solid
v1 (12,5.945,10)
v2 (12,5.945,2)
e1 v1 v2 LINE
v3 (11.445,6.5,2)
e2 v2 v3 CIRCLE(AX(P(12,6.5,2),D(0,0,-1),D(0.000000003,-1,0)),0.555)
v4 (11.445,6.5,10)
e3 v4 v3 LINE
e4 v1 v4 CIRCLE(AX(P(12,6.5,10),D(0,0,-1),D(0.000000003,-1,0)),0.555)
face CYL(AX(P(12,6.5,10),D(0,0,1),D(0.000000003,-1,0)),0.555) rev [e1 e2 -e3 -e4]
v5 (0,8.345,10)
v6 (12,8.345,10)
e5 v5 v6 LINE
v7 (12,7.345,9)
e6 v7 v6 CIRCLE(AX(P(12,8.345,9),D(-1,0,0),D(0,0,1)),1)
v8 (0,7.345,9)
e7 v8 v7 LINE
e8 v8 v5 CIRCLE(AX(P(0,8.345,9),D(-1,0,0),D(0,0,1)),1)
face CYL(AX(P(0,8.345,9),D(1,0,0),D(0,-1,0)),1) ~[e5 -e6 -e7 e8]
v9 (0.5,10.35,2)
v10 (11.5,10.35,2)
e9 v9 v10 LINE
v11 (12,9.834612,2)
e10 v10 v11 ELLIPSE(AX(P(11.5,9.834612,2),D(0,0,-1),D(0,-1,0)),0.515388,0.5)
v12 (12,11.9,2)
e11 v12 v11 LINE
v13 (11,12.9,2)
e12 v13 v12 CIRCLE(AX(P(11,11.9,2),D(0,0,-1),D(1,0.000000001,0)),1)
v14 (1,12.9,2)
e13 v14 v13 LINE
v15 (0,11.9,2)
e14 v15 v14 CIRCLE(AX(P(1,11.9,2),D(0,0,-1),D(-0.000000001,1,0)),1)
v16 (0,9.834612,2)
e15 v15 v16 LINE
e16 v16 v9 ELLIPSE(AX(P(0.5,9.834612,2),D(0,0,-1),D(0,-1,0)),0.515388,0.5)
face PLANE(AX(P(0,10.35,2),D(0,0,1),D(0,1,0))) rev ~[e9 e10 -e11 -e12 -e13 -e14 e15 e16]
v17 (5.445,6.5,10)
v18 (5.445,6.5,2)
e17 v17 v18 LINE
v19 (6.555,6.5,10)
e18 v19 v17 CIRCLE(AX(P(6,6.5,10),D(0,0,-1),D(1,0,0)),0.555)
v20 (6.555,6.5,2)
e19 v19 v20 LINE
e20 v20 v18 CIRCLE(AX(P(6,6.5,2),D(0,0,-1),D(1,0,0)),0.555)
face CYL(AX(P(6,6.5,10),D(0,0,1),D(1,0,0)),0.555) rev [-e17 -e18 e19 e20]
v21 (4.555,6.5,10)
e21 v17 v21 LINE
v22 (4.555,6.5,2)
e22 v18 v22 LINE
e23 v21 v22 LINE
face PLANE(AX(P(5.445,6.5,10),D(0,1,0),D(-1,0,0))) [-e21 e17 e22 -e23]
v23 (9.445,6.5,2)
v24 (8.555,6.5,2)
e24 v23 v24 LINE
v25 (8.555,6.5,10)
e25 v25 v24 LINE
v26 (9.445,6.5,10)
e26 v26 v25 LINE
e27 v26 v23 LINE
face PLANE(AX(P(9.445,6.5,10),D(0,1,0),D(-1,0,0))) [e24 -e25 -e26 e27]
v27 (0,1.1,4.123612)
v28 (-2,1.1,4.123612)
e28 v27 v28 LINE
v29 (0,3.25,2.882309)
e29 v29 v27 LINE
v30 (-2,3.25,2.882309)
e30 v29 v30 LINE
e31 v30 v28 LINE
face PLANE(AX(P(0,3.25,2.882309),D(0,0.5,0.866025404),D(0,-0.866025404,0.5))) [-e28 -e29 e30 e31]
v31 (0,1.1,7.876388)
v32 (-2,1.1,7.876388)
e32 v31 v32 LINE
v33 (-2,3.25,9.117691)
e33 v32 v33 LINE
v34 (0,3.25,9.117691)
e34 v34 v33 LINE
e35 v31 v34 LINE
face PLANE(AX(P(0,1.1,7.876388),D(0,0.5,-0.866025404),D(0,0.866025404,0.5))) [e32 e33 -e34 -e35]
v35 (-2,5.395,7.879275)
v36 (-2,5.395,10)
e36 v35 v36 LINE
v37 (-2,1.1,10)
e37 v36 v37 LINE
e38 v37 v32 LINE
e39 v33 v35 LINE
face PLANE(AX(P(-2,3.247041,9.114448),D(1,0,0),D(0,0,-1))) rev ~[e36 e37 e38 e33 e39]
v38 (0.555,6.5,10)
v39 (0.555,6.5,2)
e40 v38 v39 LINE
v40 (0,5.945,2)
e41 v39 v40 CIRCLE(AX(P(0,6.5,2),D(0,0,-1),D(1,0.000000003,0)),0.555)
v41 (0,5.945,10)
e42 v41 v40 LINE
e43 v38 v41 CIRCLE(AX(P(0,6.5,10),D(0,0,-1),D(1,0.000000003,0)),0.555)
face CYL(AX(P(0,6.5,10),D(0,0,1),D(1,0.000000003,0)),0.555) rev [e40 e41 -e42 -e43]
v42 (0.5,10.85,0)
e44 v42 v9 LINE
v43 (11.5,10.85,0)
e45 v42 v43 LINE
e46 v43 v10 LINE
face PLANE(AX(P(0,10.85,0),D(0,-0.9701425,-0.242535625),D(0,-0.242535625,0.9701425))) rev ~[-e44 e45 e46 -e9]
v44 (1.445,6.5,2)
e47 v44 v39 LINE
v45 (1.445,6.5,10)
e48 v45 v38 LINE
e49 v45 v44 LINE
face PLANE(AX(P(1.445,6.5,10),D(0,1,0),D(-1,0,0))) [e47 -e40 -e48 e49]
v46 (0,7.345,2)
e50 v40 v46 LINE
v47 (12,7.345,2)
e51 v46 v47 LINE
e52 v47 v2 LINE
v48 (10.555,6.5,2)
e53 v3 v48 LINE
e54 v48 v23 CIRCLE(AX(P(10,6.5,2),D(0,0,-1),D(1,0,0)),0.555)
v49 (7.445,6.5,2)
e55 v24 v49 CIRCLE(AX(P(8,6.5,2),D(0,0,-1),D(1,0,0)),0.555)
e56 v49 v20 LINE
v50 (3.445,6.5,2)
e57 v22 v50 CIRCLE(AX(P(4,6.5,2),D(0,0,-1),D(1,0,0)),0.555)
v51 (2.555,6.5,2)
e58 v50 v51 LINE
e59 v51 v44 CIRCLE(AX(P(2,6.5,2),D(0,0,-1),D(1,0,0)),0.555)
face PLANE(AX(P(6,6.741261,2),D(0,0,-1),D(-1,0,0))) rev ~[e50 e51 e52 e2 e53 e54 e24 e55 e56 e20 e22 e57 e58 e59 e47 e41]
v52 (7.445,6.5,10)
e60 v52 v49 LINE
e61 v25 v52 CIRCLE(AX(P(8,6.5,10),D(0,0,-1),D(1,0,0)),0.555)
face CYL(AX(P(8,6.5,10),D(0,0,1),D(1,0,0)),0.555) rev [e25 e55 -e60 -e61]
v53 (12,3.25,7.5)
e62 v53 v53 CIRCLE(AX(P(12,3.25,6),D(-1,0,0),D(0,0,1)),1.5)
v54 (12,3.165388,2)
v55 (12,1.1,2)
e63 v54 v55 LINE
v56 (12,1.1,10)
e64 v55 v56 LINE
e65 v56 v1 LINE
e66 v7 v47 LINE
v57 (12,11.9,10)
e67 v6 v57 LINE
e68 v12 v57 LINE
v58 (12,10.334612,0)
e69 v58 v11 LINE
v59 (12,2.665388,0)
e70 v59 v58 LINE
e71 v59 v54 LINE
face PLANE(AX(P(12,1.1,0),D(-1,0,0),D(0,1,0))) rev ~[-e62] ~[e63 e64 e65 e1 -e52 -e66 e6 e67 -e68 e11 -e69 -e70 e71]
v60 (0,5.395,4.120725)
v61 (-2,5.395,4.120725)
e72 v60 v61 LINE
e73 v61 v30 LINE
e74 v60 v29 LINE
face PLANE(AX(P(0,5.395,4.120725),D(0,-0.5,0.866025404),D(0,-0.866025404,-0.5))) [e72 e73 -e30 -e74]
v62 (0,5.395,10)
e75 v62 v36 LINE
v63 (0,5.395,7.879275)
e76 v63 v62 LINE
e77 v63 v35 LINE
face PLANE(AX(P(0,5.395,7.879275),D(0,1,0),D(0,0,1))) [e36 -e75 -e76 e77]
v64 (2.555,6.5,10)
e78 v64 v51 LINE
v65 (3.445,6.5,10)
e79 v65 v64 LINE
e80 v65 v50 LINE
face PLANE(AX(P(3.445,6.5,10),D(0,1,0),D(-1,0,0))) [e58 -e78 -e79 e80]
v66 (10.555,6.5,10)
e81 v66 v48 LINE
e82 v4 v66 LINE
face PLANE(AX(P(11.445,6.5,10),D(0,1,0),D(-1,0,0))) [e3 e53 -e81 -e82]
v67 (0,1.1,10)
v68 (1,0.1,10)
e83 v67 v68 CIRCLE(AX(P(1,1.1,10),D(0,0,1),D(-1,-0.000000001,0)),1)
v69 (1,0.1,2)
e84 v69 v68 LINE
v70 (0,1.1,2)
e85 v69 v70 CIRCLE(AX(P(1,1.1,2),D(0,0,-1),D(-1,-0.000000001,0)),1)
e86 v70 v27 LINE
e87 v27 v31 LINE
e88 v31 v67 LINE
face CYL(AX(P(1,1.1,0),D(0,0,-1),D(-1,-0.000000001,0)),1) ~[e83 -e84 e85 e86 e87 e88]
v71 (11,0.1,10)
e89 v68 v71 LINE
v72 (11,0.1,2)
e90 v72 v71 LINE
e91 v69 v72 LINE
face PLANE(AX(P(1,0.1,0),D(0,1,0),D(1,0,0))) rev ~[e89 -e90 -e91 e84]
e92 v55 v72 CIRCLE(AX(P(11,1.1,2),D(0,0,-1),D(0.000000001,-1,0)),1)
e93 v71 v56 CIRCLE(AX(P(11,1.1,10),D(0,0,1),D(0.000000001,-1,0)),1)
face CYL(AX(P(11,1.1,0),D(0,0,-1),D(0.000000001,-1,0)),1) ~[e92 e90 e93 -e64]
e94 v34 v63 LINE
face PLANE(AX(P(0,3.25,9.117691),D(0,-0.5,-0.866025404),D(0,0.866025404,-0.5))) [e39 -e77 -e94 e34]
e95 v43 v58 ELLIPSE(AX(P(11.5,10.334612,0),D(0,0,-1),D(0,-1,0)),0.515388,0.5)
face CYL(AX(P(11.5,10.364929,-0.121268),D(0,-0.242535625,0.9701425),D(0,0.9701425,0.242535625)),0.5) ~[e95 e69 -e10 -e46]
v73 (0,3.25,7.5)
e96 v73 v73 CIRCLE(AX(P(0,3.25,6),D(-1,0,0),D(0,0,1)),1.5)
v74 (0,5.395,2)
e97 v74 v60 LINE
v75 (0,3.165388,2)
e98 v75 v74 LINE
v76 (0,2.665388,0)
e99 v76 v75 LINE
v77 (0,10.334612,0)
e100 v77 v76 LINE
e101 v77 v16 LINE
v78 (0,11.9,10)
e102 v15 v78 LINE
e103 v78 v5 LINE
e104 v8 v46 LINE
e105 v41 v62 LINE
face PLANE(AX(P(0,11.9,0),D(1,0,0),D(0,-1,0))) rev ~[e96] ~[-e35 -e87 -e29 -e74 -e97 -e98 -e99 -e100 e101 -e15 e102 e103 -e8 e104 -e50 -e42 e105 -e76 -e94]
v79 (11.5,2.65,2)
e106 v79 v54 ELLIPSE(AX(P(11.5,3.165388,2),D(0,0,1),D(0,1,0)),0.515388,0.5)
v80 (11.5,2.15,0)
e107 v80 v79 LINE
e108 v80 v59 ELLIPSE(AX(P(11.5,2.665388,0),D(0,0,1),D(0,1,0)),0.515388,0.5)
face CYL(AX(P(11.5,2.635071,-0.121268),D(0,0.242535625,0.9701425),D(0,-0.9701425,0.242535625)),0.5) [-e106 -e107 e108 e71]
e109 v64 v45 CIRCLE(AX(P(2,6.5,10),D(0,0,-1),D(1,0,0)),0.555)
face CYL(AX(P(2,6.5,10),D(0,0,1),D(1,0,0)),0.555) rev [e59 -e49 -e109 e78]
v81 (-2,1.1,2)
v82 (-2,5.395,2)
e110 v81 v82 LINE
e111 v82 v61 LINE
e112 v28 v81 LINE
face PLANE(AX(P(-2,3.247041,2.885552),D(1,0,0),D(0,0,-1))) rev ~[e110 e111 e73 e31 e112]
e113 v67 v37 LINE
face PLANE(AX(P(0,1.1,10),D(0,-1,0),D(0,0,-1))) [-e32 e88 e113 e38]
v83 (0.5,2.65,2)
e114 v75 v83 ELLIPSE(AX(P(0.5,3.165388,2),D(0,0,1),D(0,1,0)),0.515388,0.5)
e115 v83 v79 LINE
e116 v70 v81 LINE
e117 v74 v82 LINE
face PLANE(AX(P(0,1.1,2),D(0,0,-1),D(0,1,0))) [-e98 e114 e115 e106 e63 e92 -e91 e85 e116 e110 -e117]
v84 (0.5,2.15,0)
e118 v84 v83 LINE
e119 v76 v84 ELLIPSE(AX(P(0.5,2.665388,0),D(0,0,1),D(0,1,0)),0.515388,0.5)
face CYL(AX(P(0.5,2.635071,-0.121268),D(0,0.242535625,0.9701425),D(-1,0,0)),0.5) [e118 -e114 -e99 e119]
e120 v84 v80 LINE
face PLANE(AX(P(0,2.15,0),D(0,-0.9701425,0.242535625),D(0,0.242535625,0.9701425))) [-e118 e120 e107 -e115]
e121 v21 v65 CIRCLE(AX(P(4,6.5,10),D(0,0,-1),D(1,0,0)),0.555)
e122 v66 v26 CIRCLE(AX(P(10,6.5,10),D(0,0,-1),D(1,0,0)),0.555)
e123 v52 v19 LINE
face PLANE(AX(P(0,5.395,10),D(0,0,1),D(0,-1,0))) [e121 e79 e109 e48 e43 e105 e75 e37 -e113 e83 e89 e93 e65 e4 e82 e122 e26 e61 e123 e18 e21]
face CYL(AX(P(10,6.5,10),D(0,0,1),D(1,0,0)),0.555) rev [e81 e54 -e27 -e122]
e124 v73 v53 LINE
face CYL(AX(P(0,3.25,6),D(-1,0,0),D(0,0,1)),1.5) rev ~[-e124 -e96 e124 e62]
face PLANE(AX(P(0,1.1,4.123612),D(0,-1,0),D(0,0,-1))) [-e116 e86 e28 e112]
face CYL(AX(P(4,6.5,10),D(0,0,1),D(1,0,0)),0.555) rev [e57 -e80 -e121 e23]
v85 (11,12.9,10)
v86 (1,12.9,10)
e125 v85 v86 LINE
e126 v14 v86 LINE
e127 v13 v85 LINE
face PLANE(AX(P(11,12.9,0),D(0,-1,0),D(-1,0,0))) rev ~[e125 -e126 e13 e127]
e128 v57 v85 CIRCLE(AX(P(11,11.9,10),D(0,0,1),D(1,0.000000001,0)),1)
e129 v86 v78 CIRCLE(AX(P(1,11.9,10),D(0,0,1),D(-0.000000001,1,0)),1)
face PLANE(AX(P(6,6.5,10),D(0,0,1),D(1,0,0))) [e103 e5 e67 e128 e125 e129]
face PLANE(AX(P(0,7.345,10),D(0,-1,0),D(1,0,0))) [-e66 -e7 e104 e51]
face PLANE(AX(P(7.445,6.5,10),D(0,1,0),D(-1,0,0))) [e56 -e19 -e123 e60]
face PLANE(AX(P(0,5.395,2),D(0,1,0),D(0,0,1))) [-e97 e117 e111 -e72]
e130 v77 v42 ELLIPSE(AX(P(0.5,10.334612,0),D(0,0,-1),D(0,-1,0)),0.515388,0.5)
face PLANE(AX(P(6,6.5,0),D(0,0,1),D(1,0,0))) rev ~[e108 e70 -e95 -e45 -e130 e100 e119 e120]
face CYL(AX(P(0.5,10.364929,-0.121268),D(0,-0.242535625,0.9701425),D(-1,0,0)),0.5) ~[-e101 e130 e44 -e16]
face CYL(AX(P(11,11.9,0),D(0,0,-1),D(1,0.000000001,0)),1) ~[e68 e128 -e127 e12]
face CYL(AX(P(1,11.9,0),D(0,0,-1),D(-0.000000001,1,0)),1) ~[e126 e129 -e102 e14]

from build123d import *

# Parameters (mm, degrees)
BOSS_EXTRUDE1_DEPTH = 10
CUT_EXTRUDE1_DEPTH  = 8
SKETCH6_R           = 1.5
CUT_EXTRUDE2_DEPTH  = 12
FILLET1_R           = 1
BOSS_EXTRUDE2_DEPTH = 2
FILLET2_R           = 0.5


with BuildPart() as part:
    # Sketch4 → Boss-Extrude1 (new body)
    with BuildSketch(Plane.XY):
        with BuildLine():
            Line((1, 0.1), (11, 0.1))
            ThreePointArc((11, 0.1), (11.707106781, 0.392893219), (12, 1.1))
            Line((12, 1.1), (12, 11.9))
            ThreePointArc((12, 11.9), (11.707106781, 12.607106781), (11, 12.9))
            Line((11, 12.9), (1, 12.9))
            ThreePointArc((1, 12.9), (0.292893219, 12.607106781), (0, 11.9))
            Line((0, 11.9), (0, 1.1))
            ThreePointArc((0, 1.1), (0.292893219, 0.392893219), (1, 0.1))
        make_face()
    extrude(amount=BOSS_EXTRUDE1_DEPTH)

    # Sketch5 → Cut-Extrude1 (cut)
    with BuildSketch(Plane.XY.offset(10)):
        with BuildLine():
            Line((11.445, 6.5), (10.555, 6.5))
            ThreePointArc((10.555, 6.5), (10, 5.945), (9.445, 6.5))
            Line((9.445, 6.5), (8.555, 6.5))
            ThreePointArc((8.555, 6.5), (8, 5.945), (7.445, 6.5))
            Line((7.445, 6.5), (6.555, 6.5))
            ThreePointArc((6.555, 6.5), (6, 5.945), (5.445, 6.5))
            Line((5.445, 6.5), (4.555, 6.5))
            ThreePointArc((4.555, 6.5), (4, 5.945), (3.445, 6.5))
            Line((3.445, 6.5), (2.555, 6.5))
            ThreePointArc((2.555, 6.5), (2, 5.945), (1.445, 6.5))
            Line((1.445, 6.5), (0.555, 6.5))
            ThreePointArc((0.555, 6.5), (0.392444264, 6.107555736), (0, 5.945))
            Line((0, 5.945), (0, 7.345))
            Line((0, 7.345), (12, 7.345))
            Line((12, 7.345), (12, 5.945))
            ThreePointArc((12, 5.945), (11.607555736, 6.107555736), (11.445, 6.5))
        make_face()
    extrude(amount=-CUT_EXTRUDE1_DEPTH, mode=Mode.SUBTRACT)

    # Sketch6 → Cut-Extrude2 (cut)
    with BuildSketch(Plane.ZY):
        with Locations((6, 3.25)):
            Circle(SKETCH6_R)
        Polygon((2, 2.65), (2, 0.1), (0, 0.1), (0, 2.15), align=None)
        Polygon((0, 12.9), (0, 10.85), (2, 10.35), (2, 12.9), align=None)
    extrude(amount=-CUT_EXTRUDE2_DEPTH, mode=Mode.SUBTRACT)

    # Fillet1
    fillet1_edges = [part.edges().sort_by_distance(p)[0] for p in [
        (6, 7.345, 10),
    ]]
    fillet(fillet1_edges, radius=FILLET1_R)

    # Sketch7 → Boss-Extrude2 (add)
    with BuildSketch(Plane.ZY):
        Polygon((7.876388375, 1.1), (9.117691454, 3.25), (7.879275126, 5.395), (10, 5.395), (10, 1.1), align=None)
        Polygon((2, 1.1), (2, 5.395), (4.120724874, 5.395), (2.882308546, 3.25), (4.123611625, 1.1), align=None)
    extrude(amount=BOSS_EXTRUDE2_DEPTH)

    # Fillet2
    fillet2_edges = [part.edges().sort_by_distance(p)[0] for p in [
        (12, 2.4, 1),
        (0, 10.6, 1),
        (12, 10.6, 1),
        (0, 2.4, 1),
    ]]
    fillet(fillet2_edges, radius=FILLET2_R)


solid = part.part
